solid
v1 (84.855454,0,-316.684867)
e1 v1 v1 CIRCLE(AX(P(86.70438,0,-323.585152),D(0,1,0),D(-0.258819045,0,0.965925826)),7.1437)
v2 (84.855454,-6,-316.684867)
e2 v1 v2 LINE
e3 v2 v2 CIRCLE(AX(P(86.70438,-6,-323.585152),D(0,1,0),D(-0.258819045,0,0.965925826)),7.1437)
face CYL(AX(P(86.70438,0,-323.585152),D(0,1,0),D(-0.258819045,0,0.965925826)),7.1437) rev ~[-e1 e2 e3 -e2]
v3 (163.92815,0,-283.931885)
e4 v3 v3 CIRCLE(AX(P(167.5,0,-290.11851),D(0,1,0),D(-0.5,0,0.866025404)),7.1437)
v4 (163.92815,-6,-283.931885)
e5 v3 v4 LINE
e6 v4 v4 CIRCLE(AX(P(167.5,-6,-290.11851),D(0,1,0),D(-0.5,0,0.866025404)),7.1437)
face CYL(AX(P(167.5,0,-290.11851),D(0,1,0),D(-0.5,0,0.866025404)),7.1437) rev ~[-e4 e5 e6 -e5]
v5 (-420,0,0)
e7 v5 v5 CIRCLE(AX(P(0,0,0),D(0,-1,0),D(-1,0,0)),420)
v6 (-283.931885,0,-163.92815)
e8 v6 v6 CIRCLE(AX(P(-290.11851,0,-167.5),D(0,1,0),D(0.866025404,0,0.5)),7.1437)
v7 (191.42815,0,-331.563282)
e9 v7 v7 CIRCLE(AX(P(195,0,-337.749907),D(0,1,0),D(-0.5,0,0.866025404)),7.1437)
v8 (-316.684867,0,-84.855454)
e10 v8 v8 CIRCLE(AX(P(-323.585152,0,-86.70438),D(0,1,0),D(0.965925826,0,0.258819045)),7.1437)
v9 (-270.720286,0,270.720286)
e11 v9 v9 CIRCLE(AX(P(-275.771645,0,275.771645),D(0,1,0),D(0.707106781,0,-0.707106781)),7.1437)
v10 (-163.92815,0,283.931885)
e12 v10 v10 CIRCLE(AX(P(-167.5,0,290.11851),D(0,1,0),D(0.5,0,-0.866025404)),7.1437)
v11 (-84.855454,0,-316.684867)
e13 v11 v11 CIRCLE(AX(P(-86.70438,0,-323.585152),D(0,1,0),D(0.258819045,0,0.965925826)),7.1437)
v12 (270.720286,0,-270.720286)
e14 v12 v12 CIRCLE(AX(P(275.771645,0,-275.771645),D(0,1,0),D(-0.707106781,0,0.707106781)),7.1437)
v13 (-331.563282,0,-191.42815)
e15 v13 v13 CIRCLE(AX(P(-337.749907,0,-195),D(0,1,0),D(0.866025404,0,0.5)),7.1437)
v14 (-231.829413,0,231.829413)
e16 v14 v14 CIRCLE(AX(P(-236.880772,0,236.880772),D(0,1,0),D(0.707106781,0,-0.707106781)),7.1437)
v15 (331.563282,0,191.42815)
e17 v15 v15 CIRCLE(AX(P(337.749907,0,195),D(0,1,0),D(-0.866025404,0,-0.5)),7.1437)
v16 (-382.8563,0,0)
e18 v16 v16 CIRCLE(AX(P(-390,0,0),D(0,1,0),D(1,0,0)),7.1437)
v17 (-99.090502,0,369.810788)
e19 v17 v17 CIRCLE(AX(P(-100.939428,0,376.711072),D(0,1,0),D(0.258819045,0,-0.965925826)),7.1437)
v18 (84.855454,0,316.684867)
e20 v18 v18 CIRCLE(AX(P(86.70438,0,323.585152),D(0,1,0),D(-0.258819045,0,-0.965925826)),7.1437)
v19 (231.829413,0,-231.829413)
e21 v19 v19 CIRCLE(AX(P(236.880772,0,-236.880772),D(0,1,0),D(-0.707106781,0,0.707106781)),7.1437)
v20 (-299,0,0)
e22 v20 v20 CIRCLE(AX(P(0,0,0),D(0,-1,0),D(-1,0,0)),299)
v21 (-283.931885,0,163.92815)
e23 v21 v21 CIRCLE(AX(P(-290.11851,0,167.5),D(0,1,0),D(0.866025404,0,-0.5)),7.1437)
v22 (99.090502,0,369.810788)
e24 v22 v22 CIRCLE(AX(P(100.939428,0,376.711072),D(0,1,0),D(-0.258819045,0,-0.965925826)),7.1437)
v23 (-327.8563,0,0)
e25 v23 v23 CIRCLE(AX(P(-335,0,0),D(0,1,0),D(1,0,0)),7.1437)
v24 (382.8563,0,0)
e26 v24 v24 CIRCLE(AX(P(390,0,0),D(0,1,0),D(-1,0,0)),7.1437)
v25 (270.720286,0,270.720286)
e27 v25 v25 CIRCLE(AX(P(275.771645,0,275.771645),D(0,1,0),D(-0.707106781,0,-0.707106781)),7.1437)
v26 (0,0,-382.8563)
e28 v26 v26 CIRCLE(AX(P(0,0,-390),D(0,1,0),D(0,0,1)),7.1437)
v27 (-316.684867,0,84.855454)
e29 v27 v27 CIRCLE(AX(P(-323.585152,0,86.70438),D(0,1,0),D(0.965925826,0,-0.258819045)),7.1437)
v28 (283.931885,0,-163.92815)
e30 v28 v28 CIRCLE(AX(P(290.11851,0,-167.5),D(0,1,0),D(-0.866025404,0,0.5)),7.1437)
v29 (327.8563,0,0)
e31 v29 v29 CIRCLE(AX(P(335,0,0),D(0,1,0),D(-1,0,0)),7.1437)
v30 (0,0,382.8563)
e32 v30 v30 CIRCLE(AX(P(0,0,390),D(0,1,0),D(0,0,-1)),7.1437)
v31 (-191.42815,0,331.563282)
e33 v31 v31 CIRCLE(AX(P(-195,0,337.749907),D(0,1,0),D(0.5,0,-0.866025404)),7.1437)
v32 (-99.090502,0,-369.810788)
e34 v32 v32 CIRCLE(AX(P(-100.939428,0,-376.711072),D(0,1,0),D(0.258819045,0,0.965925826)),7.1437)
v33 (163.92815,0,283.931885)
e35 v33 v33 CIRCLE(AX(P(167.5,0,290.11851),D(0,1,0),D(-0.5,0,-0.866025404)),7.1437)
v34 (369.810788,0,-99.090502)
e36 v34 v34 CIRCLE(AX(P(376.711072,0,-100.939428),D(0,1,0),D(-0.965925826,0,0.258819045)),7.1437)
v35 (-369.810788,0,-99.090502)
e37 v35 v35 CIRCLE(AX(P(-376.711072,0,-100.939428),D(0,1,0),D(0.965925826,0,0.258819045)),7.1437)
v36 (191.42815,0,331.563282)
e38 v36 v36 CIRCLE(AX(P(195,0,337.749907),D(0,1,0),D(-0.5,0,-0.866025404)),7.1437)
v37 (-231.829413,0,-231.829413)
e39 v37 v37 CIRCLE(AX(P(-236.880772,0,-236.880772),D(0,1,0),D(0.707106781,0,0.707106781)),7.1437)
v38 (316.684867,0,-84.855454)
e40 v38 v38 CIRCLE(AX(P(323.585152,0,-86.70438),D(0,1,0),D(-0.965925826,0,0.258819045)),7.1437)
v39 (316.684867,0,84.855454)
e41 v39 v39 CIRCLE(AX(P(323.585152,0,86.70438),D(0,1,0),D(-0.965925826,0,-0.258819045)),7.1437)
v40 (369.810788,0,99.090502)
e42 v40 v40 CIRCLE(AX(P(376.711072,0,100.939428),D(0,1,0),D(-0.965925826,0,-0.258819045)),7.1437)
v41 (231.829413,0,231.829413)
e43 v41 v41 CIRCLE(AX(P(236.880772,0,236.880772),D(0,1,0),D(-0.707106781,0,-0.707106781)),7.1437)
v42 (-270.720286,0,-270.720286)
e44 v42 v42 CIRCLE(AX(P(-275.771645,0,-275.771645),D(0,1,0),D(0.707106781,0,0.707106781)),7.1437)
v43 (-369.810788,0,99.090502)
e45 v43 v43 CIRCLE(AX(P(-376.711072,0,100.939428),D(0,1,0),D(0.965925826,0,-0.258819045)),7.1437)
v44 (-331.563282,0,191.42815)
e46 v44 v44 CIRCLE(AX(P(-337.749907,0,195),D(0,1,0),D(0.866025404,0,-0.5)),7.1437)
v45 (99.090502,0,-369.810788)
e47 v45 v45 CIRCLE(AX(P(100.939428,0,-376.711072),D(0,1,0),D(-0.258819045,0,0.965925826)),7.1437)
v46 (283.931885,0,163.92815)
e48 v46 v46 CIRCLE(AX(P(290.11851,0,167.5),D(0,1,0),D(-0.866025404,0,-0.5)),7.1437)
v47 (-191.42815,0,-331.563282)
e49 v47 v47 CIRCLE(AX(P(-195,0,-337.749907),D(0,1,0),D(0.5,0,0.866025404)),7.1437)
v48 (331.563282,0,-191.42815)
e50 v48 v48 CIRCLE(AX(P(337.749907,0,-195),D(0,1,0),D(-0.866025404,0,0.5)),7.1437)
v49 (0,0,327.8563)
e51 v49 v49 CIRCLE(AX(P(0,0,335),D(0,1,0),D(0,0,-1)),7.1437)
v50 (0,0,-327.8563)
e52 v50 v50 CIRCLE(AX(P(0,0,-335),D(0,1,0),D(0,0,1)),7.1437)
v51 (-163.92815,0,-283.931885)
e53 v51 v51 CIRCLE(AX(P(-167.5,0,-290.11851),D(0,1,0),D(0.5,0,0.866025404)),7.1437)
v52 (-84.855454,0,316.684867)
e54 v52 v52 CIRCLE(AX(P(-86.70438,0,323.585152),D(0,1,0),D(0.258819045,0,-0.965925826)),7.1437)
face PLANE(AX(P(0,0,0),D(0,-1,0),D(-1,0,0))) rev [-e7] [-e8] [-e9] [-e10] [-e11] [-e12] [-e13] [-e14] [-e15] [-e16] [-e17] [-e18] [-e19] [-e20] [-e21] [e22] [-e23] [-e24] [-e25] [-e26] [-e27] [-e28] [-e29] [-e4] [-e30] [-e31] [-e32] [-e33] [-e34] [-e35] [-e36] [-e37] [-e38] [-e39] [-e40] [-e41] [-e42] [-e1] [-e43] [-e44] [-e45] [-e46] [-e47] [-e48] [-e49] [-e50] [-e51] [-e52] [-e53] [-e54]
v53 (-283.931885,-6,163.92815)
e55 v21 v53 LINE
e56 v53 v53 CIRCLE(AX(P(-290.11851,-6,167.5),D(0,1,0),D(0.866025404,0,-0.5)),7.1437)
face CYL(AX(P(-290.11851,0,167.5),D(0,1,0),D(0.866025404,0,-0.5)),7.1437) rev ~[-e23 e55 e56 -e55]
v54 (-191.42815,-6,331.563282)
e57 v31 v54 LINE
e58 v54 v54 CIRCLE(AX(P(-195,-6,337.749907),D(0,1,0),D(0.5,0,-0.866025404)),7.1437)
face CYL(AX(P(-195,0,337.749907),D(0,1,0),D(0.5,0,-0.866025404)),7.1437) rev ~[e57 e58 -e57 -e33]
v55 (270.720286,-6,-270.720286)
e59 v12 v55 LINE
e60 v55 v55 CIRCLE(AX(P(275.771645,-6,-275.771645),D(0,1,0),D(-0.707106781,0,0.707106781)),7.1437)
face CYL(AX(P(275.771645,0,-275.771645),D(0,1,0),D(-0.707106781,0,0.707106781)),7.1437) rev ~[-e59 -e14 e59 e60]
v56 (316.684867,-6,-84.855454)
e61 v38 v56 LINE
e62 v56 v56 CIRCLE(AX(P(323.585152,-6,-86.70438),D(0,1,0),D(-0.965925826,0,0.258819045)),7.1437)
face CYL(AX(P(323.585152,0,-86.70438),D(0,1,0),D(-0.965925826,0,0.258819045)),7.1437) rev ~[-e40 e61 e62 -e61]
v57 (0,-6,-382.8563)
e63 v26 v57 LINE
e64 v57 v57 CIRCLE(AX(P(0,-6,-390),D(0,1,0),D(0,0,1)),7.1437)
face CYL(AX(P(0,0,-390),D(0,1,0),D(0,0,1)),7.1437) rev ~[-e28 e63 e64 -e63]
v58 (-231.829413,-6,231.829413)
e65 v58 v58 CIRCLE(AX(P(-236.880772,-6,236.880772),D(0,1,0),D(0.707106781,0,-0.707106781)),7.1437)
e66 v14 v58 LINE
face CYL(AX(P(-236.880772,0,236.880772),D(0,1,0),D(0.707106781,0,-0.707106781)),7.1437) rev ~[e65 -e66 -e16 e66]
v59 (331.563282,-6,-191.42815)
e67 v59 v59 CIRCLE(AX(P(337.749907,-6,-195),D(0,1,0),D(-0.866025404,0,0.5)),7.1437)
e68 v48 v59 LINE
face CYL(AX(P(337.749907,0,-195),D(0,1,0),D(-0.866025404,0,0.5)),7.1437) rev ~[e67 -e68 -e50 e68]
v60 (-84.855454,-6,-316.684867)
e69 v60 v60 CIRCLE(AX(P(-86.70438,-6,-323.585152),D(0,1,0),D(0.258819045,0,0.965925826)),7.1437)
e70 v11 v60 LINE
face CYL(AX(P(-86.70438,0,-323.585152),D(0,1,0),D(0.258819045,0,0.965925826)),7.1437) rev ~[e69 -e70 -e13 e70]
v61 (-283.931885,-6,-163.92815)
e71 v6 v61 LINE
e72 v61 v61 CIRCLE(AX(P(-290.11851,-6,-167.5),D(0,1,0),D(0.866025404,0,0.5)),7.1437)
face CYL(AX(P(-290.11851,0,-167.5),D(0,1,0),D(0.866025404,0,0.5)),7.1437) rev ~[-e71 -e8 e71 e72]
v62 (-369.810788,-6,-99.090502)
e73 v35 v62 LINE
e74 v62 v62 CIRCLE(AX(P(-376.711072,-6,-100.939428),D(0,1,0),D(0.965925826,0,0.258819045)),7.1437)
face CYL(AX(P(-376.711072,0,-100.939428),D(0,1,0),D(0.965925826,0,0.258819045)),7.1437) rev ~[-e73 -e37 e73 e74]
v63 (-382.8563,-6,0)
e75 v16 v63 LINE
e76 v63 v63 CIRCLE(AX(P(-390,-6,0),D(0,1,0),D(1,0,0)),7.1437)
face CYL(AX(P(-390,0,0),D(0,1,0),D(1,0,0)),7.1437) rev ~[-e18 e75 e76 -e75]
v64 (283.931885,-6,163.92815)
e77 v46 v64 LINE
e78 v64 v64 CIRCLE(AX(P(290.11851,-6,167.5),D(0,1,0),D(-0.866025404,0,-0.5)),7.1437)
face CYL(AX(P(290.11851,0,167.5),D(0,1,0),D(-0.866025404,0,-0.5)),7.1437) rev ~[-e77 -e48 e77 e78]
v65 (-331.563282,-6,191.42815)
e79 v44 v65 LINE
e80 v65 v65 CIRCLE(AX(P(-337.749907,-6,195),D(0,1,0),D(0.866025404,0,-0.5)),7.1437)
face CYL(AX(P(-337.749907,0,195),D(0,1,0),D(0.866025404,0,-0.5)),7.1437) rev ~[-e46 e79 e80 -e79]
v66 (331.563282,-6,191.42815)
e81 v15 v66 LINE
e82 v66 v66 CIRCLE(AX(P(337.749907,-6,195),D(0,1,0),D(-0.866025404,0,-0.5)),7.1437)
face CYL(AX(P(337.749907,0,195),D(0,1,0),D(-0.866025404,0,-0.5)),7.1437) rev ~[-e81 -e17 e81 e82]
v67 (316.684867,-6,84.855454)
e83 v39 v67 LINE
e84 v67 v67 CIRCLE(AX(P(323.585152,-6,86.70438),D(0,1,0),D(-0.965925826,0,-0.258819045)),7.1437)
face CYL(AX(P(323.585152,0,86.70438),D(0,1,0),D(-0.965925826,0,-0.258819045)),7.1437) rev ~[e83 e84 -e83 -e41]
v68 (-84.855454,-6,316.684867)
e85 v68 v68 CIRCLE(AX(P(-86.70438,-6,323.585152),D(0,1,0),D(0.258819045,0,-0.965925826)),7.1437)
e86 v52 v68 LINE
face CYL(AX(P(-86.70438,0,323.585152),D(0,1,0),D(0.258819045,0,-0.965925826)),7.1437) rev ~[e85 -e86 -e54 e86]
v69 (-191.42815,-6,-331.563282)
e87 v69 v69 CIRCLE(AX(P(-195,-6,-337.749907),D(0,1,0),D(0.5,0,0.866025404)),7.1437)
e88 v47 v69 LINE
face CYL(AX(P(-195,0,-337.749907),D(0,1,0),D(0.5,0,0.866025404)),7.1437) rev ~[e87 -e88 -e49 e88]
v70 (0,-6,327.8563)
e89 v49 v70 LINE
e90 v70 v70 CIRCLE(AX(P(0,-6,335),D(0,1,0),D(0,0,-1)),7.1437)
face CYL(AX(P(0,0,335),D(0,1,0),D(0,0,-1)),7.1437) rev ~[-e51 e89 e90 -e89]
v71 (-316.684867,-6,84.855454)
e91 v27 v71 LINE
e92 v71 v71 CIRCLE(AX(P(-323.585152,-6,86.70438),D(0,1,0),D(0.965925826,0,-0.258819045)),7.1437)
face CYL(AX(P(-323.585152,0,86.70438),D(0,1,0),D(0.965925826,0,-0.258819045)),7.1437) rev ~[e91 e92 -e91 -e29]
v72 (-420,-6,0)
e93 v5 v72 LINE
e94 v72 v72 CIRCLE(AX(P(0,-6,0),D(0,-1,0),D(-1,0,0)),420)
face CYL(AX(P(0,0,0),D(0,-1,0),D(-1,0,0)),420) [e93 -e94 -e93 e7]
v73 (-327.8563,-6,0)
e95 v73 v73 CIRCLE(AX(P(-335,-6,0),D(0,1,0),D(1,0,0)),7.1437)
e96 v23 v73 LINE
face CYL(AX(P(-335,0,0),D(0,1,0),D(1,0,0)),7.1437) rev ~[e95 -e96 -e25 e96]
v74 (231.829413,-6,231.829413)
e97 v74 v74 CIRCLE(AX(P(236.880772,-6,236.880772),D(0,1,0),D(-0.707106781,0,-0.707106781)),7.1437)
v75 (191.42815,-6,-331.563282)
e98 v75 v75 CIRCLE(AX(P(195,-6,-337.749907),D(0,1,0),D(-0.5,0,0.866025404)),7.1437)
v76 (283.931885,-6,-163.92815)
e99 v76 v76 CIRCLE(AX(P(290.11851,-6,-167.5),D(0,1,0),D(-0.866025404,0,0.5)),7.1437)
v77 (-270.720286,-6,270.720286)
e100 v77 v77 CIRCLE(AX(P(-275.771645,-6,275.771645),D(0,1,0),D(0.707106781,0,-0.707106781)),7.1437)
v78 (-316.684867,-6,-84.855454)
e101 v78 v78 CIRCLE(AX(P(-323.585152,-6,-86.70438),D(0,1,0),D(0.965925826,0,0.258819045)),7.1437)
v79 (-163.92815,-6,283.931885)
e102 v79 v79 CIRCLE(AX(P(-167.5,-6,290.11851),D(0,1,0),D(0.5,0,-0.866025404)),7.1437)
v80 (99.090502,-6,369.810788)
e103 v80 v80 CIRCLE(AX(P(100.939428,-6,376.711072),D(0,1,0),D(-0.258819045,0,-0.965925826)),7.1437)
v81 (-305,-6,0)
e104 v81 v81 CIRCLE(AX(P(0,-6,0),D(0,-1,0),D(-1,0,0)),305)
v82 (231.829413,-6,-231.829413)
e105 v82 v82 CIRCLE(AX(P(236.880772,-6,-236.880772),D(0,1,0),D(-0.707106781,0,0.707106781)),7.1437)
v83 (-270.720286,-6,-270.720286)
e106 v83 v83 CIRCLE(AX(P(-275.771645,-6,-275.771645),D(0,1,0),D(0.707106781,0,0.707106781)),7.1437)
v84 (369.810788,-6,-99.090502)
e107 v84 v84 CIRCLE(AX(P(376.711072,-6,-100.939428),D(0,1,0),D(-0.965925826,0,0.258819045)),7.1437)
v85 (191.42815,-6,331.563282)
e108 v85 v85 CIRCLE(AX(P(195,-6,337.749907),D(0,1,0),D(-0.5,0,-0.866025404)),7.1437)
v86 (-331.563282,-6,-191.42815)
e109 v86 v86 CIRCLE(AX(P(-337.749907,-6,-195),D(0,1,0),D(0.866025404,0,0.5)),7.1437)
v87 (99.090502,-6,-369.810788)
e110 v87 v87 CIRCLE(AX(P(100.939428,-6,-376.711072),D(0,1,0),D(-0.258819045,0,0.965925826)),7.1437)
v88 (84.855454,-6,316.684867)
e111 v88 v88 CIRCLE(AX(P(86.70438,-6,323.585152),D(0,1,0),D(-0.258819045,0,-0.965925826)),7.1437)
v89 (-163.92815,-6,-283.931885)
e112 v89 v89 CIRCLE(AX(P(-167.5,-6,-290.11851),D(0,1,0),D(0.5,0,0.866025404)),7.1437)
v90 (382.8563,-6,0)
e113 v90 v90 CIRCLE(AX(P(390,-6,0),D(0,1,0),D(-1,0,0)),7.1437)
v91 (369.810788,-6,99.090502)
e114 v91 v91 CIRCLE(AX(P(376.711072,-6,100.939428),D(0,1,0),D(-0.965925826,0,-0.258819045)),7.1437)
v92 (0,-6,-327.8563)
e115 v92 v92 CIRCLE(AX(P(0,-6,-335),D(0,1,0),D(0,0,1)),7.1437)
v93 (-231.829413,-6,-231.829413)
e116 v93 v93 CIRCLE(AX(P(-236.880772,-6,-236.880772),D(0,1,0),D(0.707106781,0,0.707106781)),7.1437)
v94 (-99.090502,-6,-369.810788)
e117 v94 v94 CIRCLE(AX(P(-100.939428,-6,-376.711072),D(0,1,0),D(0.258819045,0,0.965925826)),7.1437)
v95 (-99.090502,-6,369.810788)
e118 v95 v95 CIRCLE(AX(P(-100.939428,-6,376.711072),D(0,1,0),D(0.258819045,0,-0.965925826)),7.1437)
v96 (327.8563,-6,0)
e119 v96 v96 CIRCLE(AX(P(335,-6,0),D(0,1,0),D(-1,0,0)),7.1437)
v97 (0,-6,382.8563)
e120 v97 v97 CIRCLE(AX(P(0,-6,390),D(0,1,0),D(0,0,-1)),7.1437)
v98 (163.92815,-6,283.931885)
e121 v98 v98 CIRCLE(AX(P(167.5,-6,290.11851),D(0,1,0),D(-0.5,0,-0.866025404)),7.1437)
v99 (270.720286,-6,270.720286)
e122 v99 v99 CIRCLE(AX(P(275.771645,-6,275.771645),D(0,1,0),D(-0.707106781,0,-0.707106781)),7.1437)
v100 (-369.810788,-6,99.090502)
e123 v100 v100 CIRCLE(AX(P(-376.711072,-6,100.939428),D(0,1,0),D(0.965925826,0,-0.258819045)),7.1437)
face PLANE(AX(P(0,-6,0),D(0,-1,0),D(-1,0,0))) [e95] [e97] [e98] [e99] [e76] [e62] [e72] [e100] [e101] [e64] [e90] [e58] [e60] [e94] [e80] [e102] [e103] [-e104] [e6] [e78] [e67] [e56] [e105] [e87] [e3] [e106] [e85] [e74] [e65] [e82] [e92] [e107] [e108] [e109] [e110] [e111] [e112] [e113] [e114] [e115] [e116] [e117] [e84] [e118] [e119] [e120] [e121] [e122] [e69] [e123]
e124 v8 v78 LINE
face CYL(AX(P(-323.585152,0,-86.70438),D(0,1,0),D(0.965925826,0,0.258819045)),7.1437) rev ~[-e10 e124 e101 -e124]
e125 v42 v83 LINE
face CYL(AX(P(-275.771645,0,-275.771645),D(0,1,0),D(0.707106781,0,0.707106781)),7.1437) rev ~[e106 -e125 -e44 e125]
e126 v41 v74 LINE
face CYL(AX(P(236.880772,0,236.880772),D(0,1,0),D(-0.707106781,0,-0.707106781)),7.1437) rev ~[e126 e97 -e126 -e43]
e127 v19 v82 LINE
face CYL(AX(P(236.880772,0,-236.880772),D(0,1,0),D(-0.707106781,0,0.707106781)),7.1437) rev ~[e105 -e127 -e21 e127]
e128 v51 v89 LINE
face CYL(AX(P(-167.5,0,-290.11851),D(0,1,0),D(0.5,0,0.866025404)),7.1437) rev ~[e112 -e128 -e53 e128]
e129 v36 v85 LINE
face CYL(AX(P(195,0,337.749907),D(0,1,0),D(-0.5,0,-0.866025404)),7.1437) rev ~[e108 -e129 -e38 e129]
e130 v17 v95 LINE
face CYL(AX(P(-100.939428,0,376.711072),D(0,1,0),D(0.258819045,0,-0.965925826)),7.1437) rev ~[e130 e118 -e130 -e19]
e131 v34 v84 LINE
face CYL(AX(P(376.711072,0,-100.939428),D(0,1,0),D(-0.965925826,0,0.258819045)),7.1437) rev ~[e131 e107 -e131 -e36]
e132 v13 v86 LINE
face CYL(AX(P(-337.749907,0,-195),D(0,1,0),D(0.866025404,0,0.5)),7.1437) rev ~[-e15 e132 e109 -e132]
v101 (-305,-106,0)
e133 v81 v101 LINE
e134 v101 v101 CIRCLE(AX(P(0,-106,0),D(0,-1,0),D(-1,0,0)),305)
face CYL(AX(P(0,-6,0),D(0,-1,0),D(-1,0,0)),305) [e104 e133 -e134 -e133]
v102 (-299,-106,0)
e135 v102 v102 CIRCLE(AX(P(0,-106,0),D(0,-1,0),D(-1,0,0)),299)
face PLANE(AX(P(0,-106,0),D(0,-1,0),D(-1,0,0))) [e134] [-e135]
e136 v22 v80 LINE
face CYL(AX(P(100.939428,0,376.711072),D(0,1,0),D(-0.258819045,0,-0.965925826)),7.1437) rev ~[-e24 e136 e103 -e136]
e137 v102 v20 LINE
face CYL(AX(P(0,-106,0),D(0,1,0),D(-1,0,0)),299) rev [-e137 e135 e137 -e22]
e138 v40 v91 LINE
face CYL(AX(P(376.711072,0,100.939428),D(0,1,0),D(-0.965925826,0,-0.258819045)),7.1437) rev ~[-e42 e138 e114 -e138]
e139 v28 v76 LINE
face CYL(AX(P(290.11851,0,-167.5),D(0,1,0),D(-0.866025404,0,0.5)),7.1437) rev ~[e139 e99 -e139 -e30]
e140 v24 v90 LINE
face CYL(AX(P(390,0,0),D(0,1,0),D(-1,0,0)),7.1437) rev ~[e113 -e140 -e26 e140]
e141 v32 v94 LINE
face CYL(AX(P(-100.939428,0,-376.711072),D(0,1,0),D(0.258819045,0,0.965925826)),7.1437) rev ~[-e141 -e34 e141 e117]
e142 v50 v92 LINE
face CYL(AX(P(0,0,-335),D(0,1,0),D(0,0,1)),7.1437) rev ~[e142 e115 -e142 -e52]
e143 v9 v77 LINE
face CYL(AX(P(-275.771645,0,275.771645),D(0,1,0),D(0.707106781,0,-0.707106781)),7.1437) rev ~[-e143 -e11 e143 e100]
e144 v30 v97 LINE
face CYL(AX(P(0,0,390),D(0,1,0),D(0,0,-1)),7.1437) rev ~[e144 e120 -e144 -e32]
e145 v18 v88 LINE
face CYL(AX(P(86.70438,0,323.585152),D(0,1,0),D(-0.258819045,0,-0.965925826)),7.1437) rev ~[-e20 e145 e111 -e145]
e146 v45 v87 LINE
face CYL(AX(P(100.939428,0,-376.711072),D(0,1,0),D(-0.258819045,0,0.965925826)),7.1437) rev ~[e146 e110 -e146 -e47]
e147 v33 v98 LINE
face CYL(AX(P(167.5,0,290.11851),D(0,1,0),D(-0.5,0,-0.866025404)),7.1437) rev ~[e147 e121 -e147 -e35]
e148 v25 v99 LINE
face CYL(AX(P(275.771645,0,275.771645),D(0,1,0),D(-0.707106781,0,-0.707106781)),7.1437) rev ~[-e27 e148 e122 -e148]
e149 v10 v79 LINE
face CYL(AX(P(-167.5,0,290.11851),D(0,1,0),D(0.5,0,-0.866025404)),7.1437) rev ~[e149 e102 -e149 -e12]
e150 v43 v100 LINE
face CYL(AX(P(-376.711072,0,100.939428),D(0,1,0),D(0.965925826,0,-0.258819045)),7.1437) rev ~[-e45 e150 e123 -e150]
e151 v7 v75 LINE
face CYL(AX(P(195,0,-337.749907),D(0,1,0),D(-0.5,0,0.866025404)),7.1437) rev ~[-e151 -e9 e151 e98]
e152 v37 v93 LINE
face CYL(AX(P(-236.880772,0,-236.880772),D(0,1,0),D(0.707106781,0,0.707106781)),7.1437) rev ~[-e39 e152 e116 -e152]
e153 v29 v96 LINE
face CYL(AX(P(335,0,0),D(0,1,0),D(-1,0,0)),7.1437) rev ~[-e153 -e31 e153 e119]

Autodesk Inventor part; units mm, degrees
ref_plane "YZ Plane" through (0, 0, 0) normal (1, 0, 0) x (0, 1, 0)
ref_plane "XZ Plane" through (0, 0, 0) normal (0, 1, 0) x (-1, 0, 0)
ref_plane "XY Plane" through (0, 0, 0) normal (0, 0, 1) x (1, 0, 0)
sketch "Sketch1" plane through (0, 0, 0) normal (0, 0, 1) x (1, 0, 0)
  line L0 (-299, -106) -> (-299, 0)
  line L1 (-299, 0) -> (-420, 0)
  line L2 (-420, 0) -> (-420, -6)
  line L3 (-420, -6) -> (-305, -6)
  line L4 (-305, -6) -> (-305, -106)
  line L5 (-305, -106) -> (-299, -106)
  line L6 (0, 0) -> (0, -106)
  dimension "d0" = 6
  dimension "d1" = 6
  dimension "d2" = 610
  dimension "d3" = 840
  dimension "d4" = 100
revolve "Revolution1" add sketch "Sketch1" angle 360 about axis through (0, 0, 0) along (0, -1, 0)
sketch "Sketch2" plane through (0, 0, 0) normal (0, 1, 0) x (1, 0, 0)
  circle A0 centre (-335, 0) radius 7.1437
  circle A1 centre (-390, 0) radius 7.1437
  circle A2 centre (0, 0) radius 335 construction
  circle A3 centre (0, 0) radius 390 construction
  dimension "d9" = 670
  dimension "d10" = 780
  dimension "d6" = 14.2875
  dimension "d7" = 14.2875
extrude "Extrusion1" cut sketch "Sketch2" against normal through all
pattern_circular "Circular Pattern1" count 24 over 360 about axis through (0, -53, 0) along (0, 1, 0) of "Extrusion1"
equation "\"d1\" = d0"
equation "\"d7\" = d6"
properties part number "Brida_cuello_tapa" material "Steel ASTM A36"
